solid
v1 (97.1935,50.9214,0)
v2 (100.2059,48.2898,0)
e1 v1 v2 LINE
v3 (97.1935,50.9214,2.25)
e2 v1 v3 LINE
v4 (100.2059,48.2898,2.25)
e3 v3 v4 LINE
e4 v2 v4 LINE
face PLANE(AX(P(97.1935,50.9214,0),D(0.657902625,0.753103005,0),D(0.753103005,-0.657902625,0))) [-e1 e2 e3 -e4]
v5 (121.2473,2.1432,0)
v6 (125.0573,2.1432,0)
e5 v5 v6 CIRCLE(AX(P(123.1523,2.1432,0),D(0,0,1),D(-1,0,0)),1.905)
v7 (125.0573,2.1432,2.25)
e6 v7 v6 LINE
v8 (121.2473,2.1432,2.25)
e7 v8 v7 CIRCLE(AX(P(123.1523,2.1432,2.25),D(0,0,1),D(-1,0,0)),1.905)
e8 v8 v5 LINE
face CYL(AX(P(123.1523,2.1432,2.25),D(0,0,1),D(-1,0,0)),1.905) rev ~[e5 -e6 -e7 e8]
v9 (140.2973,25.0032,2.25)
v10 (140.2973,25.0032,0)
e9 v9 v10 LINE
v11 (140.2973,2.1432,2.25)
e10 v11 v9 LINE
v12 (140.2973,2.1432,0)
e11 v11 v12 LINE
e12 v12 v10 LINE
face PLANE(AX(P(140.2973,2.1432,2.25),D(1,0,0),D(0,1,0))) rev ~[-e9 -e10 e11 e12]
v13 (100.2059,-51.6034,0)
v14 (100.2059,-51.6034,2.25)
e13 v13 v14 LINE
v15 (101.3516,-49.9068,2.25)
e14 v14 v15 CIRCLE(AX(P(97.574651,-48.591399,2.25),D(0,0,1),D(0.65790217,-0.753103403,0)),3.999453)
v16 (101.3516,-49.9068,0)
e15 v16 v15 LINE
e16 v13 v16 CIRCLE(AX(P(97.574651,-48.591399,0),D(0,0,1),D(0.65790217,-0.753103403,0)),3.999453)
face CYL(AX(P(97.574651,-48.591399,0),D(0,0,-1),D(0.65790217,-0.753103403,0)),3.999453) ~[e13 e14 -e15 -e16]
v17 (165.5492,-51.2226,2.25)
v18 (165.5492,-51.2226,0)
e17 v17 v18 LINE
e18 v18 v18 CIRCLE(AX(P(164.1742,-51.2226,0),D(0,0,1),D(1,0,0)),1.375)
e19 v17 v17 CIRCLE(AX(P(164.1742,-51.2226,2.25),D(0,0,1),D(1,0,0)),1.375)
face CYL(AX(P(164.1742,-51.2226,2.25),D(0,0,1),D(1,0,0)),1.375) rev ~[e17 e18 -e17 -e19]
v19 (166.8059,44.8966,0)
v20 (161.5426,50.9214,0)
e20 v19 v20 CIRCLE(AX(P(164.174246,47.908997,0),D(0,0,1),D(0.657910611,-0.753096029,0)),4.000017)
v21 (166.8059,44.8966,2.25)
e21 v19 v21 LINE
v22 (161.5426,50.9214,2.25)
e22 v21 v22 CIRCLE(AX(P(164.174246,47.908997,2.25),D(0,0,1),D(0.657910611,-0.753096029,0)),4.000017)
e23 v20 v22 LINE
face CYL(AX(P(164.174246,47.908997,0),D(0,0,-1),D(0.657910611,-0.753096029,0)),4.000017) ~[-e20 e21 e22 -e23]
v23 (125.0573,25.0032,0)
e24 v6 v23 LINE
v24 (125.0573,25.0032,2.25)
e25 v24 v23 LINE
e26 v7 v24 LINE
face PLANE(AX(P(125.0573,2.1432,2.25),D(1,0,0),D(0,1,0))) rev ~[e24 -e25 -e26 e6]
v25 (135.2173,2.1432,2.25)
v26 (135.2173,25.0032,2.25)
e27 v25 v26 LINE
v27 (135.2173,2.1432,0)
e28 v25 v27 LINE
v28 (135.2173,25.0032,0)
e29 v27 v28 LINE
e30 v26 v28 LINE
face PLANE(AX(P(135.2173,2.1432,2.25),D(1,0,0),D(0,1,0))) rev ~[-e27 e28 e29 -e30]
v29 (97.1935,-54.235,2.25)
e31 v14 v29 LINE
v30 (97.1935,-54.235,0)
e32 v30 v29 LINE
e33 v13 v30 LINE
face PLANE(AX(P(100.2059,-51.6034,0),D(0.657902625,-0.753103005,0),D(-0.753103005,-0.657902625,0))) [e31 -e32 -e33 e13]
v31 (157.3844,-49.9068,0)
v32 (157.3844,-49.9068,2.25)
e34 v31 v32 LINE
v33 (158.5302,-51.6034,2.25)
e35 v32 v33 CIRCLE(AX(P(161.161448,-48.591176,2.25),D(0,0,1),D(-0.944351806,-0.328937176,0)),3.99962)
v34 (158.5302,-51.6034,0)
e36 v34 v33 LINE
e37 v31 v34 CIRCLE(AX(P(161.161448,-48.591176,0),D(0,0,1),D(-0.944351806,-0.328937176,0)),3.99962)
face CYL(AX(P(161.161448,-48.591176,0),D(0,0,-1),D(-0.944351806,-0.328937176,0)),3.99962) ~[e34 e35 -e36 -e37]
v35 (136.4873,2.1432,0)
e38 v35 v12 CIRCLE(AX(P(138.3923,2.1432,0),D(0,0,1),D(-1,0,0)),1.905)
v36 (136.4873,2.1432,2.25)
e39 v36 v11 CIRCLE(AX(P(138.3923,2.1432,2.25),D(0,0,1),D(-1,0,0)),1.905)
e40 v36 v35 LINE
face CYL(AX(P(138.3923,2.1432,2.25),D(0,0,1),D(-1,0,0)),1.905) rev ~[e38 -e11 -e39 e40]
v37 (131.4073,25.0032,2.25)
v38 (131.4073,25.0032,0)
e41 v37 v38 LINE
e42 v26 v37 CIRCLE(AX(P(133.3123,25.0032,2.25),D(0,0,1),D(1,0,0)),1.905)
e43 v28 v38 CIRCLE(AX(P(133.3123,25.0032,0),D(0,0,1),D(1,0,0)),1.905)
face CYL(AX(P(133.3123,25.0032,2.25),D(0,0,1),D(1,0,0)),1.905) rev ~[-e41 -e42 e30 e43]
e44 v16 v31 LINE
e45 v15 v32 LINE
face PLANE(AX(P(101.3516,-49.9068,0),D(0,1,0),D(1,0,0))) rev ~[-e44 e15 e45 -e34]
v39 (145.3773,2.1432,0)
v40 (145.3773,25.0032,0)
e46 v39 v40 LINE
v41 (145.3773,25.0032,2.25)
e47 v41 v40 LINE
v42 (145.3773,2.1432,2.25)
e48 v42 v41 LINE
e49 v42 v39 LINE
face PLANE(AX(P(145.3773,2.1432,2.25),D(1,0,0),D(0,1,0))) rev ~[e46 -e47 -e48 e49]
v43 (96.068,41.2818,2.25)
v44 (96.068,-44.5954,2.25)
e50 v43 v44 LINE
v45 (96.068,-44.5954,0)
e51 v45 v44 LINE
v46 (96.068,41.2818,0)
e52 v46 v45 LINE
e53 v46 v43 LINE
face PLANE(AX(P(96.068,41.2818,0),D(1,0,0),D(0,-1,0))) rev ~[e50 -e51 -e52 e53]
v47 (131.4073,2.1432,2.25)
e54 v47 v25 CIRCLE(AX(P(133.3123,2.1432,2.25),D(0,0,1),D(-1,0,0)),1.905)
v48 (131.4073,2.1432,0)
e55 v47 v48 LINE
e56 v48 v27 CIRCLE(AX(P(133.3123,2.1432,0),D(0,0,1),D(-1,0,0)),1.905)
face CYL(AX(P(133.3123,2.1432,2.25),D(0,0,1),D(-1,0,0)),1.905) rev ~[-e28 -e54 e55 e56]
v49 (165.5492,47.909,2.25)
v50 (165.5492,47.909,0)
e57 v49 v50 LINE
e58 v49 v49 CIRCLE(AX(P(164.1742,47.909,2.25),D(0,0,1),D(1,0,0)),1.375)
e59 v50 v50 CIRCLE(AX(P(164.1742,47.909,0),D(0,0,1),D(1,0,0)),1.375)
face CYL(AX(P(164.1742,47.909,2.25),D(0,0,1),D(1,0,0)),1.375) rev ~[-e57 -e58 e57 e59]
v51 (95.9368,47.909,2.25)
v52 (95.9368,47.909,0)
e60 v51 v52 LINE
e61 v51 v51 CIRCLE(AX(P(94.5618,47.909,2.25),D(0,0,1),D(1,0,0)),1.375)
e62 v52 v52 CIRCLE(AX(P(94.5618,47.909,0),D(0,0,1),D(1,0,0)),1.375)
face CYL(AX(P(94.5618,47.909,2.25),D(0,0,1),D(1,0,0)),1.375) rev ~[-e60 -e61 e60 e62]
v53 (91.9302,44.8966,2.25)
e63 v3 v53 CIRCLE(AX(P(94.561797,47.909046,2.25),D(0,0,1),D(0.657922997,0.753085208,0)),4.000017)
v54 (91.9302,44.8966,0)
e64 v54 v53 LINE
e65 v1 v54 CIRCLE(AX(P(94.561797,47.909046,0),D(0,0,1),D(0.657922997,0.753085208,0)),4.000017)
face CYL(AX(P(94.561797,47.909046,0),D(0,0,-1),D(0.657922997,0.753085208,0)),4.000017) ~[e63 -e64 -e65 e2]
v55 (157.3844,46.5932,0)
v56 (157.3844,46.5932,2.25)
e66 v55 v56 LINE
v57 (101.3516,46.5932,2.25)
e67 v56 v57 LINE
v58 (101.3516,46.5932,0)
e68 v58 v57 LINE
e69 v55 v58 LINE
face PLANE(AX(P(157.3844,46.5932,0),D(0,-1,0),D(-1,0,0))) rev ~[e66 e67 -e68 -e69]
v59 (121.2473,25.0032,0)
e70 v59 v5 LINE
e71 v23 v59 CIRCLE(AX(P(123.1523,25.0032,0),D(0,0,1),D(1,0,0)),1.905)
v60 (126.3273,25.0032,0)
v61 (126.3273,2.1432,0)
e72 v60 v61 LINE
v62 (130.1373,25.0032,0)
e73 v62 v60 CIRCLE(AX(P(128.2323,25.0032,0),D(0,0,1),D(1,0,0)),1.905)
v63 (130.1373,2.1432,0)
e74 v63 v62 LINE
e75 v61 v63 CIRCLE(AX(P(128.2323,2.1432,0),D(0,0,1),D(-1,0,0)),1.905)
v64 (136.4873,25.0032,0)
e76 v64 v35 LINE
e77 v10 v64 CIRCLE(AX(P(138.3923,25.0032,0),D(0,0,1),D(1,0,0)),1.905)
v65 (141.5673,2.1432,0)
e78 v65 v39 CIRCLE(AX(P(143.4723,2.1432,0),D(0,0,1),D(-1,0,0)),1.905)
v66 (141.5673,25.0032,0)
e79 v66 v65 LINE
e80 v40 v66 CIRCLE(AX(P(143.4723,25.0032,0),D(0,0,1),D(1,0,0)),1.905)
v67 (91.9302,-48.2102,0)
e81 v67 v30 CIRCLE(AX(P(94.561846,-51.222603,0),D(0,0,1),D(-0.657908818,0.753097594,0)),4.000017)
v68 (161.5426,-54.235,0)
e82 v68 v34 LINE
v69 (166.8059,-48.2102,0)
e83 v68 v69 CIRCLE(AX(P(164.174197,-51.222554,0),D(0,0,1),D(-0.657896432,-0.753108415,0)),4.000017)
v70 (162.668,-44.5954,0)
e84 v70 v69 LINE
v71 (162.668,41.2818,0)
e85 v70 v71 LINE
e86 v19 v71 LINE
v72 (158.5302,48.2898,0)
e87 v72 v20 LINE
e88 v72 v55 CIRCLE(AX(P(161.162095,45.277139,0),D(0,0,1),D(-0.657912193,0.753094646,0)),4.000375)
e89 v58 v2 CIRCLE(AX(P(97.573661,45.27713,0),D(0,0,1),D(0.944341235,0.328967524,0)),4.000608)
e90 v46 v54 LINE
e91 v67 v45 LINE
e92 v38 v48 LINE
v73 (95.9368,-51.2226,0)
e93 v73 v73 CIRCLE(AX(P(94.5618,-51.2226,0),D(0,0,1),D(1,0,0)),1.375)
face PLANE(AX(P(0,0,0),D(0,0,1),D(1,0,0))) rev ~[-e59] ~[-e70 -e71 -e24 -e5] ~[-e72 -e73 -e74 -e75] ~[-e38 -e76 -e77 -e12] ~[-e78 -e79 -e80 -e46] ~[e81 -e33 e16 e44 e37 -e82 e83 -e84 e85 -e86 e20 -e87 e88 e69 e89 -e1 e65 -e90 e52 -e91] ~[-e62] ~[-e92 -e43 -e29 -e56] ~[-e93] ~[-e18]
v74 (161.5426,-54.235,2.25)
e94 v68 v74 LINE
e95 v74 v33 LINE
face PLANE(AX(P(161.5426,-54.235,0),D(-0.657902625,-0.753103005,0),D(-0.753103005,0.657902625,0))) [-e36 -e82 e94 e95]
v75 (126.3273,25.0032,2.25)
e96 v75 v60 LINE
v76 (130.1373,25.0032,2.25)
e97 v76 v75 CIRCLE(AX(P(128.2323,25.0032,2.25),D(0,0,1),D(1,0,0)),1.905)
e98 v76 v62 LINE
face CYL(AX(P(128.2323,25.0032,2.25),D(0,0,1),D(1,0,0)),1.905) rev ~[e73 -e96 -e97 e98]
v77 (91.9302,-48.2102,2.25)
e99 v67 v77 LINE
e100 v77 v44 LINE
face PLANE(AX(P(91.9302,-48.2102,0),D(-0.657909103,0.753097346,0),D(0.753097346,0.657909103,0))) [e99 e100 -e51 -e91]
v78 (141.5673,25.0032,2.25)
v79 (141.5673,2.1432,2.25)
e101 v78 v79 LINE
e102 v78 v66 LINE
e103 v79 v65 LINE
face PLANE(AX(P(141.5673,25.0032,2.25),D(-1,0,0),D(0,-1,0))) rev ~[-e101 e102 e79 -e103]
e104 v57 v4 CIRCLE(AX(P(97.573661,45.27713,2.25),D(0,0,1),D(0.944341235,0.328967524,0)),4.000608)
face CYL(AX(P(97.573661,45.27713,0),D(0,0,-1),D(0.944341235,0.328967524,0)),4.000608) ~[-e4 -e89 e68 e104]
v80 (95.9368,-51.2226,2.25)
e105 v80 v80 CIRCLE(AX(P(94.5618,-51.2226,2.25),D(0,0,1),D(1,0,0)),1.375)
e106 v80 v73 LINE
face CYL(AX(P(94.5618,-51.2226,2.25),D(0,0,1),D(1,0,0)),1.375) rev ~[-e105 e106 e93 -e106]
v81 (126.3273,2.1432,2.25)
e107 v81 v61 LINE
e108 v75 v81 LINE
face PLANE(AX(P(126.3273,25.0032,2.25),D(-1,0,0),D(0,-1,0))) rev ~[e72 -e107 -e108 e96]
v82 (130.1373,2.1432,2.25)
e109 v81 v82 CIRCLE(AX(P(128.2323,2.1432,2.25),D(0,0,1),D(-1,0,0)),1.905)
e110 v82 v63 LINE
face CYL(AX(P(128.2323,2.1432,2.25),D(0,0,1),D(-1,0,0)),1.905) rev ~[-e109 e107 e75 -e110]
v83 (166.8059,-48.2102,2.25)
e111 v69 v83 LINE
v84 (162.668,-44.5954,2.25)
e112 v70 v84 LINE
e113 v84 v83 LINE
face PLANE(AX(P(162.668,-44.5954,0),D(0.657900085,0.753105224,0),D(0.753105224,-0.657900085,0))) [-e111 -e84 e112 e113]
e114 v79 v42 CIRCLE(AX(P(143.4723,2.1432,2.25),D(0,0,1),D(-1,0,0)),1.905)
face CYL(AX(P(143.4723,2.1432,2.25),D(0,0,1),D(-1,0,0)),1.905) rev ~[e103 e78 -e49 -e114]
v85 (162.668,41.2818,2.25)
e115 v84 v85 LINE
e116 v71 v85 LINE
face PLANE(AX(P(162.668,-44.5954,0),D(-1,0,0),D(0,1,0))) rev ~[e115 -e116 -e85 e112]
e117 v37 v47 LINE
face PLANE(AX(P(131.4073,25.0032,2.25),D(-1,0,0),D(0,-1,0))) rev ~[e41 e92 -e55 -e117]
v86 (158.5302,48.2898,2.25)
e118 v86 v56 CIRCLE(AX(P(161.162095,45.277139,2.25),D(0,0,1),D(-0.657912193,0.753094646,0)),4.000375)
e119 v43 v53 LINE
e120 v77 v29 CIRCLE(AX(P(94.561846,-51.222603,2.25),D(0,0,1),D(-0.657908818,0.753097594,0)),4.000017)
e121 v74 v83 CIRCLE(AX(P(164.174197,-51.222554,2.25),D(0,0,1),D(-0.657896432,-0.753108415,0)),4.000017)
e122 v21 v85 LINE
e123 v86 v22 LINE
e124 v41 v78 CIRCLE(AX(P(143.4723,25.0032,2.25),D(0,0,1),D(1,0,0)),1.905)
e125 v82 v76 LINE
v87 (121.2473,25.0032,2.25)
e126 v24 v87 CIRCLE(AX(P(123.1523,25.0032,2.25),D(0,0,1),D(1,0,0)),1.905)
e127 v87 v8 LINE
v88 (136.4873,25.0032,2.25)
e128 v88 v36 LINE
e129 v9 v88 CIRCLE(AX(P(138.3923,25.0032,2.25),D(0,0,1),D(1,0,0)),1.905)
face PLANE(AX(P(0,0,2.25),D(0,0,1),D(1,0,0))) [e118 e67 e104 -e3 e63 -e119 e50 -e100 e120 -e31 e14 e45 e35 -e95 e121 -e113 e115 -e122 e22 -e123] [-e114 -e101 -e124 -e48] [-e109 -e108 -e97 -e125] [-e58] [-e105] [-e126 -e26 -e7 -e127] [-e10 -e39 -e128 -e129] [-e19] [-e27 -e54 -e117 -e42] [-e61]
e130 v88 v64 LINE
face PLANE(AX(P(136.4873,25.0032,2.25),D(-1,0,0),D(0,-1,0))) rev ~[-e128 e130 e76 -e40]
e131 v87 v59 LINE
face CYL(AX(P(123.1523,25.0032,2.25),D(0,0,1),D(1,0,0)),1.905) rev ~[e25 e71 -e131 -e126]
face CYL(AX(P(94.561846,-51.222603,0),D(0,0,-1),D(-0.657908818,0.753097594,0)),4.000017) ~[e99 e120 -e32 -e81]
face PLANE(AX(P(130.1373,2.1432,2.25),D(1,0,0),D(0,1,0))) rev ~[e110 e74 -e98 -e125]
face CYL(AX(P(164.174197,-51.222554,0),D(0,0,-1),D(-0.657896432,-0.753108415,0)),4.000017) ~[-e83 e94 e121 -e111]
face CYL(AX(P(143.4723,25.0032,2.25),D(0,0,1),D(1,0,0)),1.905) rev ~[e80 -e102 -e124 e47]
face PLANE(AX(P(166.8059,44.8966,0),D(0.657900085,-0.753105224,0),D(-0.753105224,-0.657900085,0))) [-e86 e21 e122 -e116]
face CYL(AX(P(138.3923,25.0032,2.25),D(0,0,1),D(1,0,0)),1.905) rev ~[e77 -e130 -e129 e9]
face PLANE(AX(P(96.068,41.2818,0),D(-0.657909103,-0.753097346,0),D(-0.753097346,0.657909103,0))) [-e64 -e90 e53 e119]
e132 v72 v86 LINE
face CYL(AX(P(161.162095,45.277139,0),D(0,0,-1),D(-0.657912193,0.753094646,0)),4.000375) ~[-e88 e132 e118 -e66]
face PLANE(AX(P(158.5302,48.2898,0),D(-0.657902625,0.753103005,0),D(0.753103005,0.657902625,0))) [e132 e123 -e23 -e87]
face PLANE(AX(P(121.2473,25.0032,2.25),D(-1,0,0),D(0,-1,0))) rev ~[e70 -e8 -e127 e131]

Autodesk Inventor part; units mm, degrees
ref_plane "YZ Plane" through (0, 0, 0) normal (1, 0, 0) x (0, 1, 0)
ref_plane "XZ Plane" through (0, 0, 0) normal (0, 1, 0) x (-1, 0, 0)
ref_plane "XY Plane" through (0, 0, 0) normal (0, 0, 1) x (1, 0, 0)
ref_plane "Work Plane1" through (0, 0, 0) normal (0, 0, 1) x (1, 0, 0)
sketch "Sketch1" plane through (0, 0, 0) normal (0, 0, 1) x (1, 0, 0)
  line L0 (162.668, -44.5954) -> (162.668, 41.2818) projected
  line L1 (166.8059, 44.8966) -> (162.668, 41.2818) projected
  arc A0 (166.8059, 44.8966) -> (161.5426, 50.9214) centre (164.1742, 47.909) ccw projected
  circle A1 centre (164.1742, 47.909) radius 1.375 projected
  line L2 (158.5302, 48.2898) -> (161.5426, 50.9214) projected
  arc A2 (158.5302, 48.2898) -> (157.3844, 46.5932) centre (161.1618, 45.2774) ccw projected
  line L3 (157.3844, 46.5932) -> (101.3516, 46.5932) projected
  arc A3 (101.3516, 46.5932) -> (100.2059, 48.2898) centre (97.5742, 45.2774) ccw projected
  line L4 (97.1935, 50.9214) -> (100.2059, 48.2898) projected
  arc A4 (97.1935, 50.9214) -> (91.9302, 44.8966) centre (94.5618, 47.909) ccw projected
  circle A5 centre (94.5618, 47.909) radius 1.375 projected
  line L5 (96.068, 41.2818) -> (91.9302, 44.8966) projected
  line L6 (96.068, 41.2818) -> (96.068, -44.5954) projected
  line L7 (91.9302, -48.2102) -> (96.068, -44.5954) projected
  arc A6 (91.9302, -48.2102) -> (97.1935, -54.235) centre (94.5618, -51.2226) ccw projected
  line L8 (100.2059, -51.6034) -> (97.1935, -54.235) projected
  arc A7 (100.2059, -51.6034) -> (101.3516, -49.9068) centre (97.5742, -48.591) ccw projected
  circle A8 centre (94.5618, -51.2226) radius 1.375 projected
  line L9 (101.3516, -49.9068) -> (157.3844, -49.9068) projected
  line L10 (161.5426, -54.235) -> (158.5302, -51.6034) projected
  arc A9 (157.3844, -49.9068) -> (158.5302, -51.6034) centre (161.1618, -48.591) ccw projected
  arc A10 (161.5426, -54.235) -> (166.8059, -48.2102) centre (164.1742, -51.2226) ccw projected
  line L11 (162.668, -44.5954) -> (166.8059, -48.2102) projected
  circle A11 centre (164.1742, -51.2226) radius 1.375 projected
  line L12 (102.868, 42.7932) -> (155.868, 42.7932) projected
  arc A12 (158.868, 39.7932) -> (155.868, 42.7932) centre (155.868, 39.7932) ccw projected
  line L13 (158.868, 39.7932) -> (158.868, -43.1068) projected
  arc A13 (155.868, -46.1068) -> (158.868, -43.1068) centre (155.868, -43.1068) ccw projected
  line L14 (155.868, -46.1068) -> (102.868, -46.1068) projected
  arc A14 (99.868, -43.1068) -> (102.868, -46.1068) centre (102.868, -43.1068) ccw projected
  line L15 (99.868, -43.1068) -> (99.868, 39.7932) projected
  arc A15 (102.868, 42.7932) -> (99.868, 39.7932) centre (102.868, 39.7932) ccw projected
  point P0 (0, 0)
  point P1 (-32.2078, 42.9557)
  point P2 (-31.0209, 50.8588)
  point P3 (-31.2556, 42.9706)
  point P4 (90.7091, 46.8336)
  point P5 (90.8754, -49.6701)
  point P6 (94.8543, -45.6557)
  point P7 (38.6589, -48.4904)
  point P8 (35.6268, 48.0781)
extrude "Extrusion1" add sketch "Sketch1" along normal blind 2.25 contours L11 A10 L10 A9 L9 A7 L8 A6 L7 L6 L5 A4 L4 A3 L3 A2 L2 A0 L1 L0 | A1 | A5 | A8 | A11 | L12 A12 L13 A13 L14 A14 L15 A15
sketch "Sketch2" plane through (0, 0, 2.25) normal (0, 0, 1) x (1, 0, 0)
  line L0 (140.3574, 20.4135) -> (126.2672, 20.4135) construction
  line L1 (126.2672, 20.4135) -> (126.2672, 6.3233) construction
  line L2 (126.2672, 6.3233) -> (140.3574, 6.3233) construction
  line L3 (140.3574, 6.3233) -> (140.3574, 20.4135) construction
  line L4 (133.3123, 25.0032) -> (133.3123, 2.1432) construction
  line L5 (131.4073, 25.0032) -> (131.4073, 2.1432)
  line L6 (135.2173, 2.1432) -> (135.2173, 25.0032)
  arc A0 (135.2173, 25.0032) -> (131.4073, 25.0032) centre (133.3123, 25.0032) ccw
  arc A1 (131.4073, 2.1432) -> (135.2173, 2.1432) centre (133.3123, 2.1432) ccw
  line L7 (162.668, -44.5954) -> (162.668, 41.2818) projected
  line L8 (157.3844, 46.5932) -> (101.3516, 46.5932) projected
  line L9 (140.2973, 2.1432) -> (140.2973, 25.0032)
  arc A2 (140.2973, 25.0032) -> (136.4873, 25.0032) centre (138.3923, 25.0032) ccw
  line L10 (136.4873, 25.0032) -> (136.4873, 2.1432)
  arc A3 (136.4873, 2.1432) -> (140.2973, 2.1432) centre (138.3923, 2.1432) ccw
  line L11 (145.3773, 2.1432) -> (145.3773, 25.0032)
  arc A4 (145.3773, 25.0032) -> (141.5673, 25.0032) centre (143.4723, 25.0032) ccw
  line L12 (141.5673, 25.0032) -> (141.5673, 2.1432)
  arc A5 (141.5673, 2.1432) -> (145.3773, 2.1432) centre (143.4723, 2.1432) ccw
  arc A6 (130.1373, 25.0032) -> (126.3273, 25.0032) centre (128.2323, 25.0032) ccw
  line L13 (130.1373, 2.1432) -> (130.1373, 25.0032)
  line L14 (126.3273, 25.0032) -> (126.3273, 2.1432)
  arc A7 (126.3273, 2.1432) -> (130.1373, 2.1432) centre (128.2323, 2.1432) ccw
  arc A8 (125.0573, 25.0032) -> (121.2473, 25.0032) centre (123.1523, 25.0032) ccw
  line L15 (125.0573, 2.1432) -> (125.0573, 25.0032)
  line L16 (121.2473, 25.0032) -> (121.2473, 2.1432)
  arc A9 (121.2473, 2.1432) -> (125.0573, 2.1432) centre (123.1523, 2.1432) ccw
  circle A10 centre (94.5618, -51.2226) radius 1.375 projected
  circle A11 centre (164.1742, -51.2226) radius 1.375 projected
  circle A12 centre (164.1742, 47.909) radius 1.375 projected
  circle A13 centre (94.5618, 47.909) radius 1.375 projected
  point P0 (0, 0)
  point P1 (133.3123, 13.5732)
  dimension "d2" = 11.43
  dimension "d3" = 3.81
  dimension "d4" = 27.4507
  dimension "d5" = 21.59
  dimension "d6" = 14.0902
  dimension "d7" = 22.3106
  dimension "d8" = 36.4008
  dimension "d9" = 26.1797
  dimension "d12" = 5.08
  dimension "d19" = 5.08
extrude "Extrusion2" cut sketch "Sketch2" against normal up to surface (2.25 mm away)
properties part number "_3DPrint"
